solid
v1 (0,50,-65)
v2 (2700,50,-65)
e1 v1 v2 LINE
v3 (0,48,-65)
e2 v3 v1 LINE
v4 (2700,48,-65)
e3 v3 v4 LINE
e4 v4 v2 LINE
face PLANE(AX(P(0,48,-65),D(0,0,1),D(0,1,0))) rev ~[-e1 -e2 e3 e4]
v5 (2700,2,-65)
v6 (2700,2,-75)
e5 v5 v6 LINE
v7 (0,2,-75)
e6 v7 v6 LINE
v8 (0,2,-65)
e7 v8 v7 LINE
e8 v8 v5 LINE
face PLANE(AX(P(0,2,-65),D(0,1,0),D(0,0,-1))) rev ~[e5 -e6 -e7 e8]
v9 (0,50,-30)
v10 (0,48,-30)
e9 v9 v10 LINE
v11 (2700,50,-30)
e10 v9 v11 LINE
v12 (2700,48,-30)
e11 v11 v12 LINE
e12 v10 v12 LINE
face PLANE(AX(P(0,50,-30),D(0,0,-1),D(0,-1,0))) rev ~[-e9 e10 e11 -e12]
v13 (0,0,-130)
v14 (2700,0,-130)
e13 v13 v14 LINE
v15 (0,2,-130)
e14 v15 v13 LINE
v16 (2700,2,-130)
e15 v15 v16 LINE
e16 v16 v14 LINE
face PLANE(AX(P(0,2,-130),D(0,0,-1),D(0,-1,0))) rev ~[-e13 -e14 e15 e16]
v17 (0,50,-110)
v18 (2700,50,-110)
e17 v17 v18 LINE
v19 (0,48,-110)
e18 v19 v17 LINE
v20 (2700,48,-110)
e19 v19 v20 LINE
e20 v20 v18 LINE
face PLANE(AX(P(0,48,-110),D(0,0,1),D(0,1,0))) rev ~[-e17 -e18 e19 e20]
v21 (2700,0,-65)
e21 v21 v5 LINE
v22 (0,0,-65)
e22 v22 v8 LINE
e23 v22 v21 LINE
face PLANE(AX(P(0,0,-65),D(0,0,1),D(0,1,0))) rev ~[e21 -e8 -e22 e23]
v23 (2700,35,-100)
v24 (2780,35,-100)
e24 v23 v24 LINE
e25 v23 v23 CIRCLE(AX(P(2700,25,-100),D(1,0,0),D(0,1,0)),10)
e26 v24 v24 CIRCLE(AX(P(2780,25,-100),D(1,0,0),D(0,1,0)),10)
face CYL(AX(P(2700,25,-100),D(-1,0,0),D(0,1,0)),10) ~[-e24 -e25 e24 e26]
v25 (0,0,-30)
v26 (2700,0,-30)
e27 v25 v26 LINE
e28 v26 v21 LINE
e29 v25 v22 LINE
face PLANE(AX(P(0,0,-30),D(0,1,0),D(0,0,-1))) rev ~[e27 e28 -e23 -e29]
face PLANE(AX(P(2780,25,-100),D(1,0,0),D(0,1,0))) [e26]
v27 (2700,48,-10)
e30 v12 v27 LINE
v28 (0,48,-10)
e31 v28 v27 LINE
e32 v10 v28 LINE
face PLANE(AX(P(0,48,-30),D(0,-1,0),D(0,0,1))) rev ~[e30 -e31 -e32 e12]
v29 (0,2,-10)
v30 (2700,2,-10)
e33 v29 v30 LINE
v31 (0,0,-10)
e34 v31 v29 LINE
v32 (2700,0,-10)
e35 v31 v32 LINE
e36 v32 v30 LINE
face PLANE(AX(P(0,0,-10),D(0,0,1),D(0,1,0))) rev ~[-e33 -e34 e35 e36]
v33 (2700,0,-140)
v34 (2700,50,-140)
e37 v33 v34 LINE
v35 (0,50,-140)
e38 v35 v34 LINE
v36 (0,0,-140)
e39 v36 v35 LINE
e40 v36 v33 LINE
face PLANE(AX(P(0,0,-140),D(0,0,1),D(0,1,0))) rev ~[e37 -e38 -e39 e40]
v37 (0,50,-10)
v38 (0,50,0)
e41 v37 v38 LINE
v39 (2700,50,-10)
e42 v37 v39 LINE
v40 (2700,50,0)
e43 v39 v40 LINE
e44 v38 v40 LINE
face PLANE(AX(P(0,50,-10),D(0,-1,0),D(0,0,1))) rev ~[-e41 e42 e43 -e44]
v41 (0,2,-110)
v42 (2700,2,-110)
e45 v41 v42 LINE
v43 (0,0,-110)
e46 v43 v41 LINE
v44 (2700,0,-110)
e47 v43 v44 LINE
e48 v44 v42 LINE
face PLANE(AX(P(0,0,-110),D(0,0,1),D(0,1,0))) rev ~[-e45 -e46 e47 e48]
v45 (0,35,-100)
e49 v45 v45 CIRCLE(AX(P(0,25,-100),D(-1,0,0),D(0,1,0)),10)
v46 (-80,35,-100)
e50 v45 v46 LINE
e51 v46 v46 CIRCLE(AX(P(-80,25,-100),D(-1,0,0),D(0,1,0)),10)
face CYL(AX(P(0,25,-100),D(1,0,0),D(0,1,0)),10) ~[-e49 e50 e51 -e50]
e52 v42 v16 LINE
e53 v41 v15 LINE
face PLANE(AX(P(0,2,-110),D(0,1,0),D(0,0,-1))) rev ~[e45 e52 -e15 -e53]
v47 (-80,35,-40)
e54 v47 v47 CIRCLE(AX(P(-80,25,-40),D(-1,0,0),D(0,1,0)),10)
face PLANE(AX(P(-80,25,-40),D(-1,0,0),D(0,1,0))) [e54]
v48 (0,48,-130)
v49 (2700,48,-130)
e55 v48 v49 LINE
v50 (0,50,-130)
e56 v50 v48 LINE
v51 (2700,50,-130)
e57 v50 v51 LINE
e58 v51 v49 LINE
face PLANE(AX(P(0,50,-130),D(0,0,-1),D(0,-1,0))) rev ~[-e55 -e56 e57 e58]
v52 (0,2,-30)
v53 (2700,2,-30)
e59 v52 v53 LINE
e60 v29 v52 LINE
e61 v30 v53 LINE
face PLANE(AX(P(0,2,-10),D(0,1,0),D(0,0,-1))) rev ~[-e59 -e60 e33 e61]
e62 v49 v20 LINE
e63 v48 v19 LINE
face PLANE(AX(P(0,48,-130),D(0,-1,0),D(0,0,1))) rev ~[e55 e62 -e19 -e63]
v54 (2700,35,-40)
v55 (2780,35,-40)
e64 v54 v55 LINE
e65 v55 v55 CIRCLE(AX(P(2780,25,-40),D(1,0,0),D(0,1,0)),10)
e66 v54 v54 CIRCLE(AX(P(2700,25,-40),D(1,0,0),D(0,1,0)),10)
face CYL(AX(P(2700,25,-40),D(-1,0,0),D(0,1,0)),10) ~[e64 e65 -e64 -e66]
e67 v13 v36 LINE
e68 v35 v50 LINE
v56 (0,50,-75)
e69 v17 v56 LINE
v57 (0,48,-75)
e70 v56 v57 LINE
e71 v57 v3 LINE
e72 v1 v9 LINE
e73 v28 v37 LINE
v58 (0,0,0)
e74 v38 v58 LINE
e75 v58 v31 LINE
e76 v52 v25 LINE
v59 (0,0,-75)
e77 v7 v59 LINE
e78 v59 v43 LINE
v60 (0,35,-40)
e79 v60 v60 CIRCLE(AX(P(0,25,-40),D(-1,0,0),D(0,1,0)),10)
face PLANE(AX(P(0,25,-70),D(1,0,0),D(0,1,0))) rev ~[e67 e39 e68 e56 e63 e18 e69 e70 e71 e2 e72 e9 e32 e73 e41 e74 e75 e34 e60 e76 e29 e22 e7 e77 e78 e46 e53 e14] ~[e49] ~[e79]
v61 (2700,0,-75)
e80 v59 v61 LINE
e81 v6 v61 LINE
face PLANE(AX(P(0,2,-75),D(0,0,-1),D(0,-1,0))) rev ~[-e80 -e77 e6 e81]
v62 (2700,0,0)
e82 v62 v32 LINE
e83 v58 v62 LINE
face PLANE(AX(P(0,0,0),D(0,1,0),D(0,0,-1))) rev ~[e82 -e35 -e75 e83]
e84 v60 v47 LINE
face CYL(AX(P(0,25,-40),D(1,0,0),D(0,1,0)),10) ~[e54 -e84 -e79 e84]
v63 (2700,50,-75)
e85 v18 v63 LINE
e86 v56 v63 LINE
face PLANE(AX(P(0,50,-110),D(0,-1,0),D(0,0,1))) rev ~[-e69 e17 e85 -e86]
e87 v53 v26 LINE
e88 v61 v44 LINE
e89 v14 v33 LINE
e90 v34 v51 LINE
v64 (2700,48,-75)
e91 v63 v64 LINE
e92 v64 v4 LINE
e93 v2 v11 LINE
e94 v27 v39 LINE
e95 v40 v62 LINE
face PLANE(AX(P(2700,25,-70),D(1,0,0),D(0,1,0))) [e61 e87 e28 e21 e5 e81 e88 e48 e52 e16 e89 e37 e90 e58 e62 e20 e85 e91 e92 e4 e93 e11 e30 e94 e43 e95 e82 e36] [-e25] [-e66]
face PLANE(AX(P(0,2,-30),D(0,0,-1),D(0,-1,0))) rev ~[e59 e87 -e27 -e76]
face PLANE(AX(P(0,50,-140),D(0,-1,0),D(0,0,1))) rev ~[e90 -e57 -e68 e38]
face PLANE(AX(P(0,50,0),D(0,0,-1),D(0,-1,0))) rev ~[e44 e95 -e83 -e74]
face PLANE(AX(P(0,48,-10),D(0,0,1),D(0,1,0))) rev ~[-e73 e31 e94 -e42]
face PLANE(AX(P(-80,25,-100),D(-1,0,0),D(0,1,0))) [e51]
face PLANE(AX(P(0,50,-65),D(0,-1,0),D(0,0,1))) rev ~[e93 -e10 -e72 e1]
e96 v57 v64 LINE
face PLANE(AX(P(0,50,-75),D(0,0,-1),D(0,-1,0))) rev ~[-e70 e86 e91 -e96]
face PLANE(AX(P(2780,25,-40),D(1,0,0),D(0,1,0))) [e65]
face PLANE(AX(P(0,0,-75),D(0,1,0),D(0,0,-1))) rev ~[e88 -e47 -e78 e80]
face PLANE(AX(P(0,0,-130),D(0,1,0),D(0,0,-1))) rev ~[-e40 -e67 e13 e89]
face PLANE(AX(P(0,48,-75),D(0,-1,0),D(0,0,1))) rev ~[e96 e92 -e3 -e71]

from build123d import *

# Parameters (mm, degrees)
PAD_DEPTH    = 2700
SKETCH_R     = 10
PAD001_DEPTH = 80
SKETCH002_R  = 10
PAD002_DEPTH = 80


with BuildPart() as part:
    # Sketch001 → Pad (new body)
    with BuildSketch(Plane.YZ):
        Polygon((0, 0), (0, -10), (2, -10), (2, -30), (0, -30), (0, -65), (2, -65), (2, -75), (0, -75), (0, -110), (2, -110), (2, -130), (0, -130), (0, -140), (50, -140), (50, -130), (48, -130), (48, -110), (50, -110), (50, -75), (48, -75), (48, -65), (50, -65), (50, -30), (48, -30), (48, -10), (50, -10), (50, 0), align=None)
    extrude(amount=PAD_DEPTH)

    # Sketch (on Face29 of Pad) → Pad001 (join)
    with BuildSketch(Plane(origin=(0, 0, 0), x_dir=(0, 1, 0), z_dir=(-1, 0, 0))):
        with Locations((25, 100)):
            Circle(SKETCH_R)
        with Locations((25, 40)):
            Circle(SKETCH_R)
    extrude(amount=PAD001_DEPTH)

    # Sketch002 (on Face5 of Pad001) → Pad002 (join)
    with BuildSketch(Plane.YZ.offset(2700)):
        with Locations((25, -40)):
            Circle(SKETCH002_R)
        with Locations((25, -100)):
            Circle(SKETCH002_R)
    extrude(amount=PAD002_DEPTH)


solid = part.part
